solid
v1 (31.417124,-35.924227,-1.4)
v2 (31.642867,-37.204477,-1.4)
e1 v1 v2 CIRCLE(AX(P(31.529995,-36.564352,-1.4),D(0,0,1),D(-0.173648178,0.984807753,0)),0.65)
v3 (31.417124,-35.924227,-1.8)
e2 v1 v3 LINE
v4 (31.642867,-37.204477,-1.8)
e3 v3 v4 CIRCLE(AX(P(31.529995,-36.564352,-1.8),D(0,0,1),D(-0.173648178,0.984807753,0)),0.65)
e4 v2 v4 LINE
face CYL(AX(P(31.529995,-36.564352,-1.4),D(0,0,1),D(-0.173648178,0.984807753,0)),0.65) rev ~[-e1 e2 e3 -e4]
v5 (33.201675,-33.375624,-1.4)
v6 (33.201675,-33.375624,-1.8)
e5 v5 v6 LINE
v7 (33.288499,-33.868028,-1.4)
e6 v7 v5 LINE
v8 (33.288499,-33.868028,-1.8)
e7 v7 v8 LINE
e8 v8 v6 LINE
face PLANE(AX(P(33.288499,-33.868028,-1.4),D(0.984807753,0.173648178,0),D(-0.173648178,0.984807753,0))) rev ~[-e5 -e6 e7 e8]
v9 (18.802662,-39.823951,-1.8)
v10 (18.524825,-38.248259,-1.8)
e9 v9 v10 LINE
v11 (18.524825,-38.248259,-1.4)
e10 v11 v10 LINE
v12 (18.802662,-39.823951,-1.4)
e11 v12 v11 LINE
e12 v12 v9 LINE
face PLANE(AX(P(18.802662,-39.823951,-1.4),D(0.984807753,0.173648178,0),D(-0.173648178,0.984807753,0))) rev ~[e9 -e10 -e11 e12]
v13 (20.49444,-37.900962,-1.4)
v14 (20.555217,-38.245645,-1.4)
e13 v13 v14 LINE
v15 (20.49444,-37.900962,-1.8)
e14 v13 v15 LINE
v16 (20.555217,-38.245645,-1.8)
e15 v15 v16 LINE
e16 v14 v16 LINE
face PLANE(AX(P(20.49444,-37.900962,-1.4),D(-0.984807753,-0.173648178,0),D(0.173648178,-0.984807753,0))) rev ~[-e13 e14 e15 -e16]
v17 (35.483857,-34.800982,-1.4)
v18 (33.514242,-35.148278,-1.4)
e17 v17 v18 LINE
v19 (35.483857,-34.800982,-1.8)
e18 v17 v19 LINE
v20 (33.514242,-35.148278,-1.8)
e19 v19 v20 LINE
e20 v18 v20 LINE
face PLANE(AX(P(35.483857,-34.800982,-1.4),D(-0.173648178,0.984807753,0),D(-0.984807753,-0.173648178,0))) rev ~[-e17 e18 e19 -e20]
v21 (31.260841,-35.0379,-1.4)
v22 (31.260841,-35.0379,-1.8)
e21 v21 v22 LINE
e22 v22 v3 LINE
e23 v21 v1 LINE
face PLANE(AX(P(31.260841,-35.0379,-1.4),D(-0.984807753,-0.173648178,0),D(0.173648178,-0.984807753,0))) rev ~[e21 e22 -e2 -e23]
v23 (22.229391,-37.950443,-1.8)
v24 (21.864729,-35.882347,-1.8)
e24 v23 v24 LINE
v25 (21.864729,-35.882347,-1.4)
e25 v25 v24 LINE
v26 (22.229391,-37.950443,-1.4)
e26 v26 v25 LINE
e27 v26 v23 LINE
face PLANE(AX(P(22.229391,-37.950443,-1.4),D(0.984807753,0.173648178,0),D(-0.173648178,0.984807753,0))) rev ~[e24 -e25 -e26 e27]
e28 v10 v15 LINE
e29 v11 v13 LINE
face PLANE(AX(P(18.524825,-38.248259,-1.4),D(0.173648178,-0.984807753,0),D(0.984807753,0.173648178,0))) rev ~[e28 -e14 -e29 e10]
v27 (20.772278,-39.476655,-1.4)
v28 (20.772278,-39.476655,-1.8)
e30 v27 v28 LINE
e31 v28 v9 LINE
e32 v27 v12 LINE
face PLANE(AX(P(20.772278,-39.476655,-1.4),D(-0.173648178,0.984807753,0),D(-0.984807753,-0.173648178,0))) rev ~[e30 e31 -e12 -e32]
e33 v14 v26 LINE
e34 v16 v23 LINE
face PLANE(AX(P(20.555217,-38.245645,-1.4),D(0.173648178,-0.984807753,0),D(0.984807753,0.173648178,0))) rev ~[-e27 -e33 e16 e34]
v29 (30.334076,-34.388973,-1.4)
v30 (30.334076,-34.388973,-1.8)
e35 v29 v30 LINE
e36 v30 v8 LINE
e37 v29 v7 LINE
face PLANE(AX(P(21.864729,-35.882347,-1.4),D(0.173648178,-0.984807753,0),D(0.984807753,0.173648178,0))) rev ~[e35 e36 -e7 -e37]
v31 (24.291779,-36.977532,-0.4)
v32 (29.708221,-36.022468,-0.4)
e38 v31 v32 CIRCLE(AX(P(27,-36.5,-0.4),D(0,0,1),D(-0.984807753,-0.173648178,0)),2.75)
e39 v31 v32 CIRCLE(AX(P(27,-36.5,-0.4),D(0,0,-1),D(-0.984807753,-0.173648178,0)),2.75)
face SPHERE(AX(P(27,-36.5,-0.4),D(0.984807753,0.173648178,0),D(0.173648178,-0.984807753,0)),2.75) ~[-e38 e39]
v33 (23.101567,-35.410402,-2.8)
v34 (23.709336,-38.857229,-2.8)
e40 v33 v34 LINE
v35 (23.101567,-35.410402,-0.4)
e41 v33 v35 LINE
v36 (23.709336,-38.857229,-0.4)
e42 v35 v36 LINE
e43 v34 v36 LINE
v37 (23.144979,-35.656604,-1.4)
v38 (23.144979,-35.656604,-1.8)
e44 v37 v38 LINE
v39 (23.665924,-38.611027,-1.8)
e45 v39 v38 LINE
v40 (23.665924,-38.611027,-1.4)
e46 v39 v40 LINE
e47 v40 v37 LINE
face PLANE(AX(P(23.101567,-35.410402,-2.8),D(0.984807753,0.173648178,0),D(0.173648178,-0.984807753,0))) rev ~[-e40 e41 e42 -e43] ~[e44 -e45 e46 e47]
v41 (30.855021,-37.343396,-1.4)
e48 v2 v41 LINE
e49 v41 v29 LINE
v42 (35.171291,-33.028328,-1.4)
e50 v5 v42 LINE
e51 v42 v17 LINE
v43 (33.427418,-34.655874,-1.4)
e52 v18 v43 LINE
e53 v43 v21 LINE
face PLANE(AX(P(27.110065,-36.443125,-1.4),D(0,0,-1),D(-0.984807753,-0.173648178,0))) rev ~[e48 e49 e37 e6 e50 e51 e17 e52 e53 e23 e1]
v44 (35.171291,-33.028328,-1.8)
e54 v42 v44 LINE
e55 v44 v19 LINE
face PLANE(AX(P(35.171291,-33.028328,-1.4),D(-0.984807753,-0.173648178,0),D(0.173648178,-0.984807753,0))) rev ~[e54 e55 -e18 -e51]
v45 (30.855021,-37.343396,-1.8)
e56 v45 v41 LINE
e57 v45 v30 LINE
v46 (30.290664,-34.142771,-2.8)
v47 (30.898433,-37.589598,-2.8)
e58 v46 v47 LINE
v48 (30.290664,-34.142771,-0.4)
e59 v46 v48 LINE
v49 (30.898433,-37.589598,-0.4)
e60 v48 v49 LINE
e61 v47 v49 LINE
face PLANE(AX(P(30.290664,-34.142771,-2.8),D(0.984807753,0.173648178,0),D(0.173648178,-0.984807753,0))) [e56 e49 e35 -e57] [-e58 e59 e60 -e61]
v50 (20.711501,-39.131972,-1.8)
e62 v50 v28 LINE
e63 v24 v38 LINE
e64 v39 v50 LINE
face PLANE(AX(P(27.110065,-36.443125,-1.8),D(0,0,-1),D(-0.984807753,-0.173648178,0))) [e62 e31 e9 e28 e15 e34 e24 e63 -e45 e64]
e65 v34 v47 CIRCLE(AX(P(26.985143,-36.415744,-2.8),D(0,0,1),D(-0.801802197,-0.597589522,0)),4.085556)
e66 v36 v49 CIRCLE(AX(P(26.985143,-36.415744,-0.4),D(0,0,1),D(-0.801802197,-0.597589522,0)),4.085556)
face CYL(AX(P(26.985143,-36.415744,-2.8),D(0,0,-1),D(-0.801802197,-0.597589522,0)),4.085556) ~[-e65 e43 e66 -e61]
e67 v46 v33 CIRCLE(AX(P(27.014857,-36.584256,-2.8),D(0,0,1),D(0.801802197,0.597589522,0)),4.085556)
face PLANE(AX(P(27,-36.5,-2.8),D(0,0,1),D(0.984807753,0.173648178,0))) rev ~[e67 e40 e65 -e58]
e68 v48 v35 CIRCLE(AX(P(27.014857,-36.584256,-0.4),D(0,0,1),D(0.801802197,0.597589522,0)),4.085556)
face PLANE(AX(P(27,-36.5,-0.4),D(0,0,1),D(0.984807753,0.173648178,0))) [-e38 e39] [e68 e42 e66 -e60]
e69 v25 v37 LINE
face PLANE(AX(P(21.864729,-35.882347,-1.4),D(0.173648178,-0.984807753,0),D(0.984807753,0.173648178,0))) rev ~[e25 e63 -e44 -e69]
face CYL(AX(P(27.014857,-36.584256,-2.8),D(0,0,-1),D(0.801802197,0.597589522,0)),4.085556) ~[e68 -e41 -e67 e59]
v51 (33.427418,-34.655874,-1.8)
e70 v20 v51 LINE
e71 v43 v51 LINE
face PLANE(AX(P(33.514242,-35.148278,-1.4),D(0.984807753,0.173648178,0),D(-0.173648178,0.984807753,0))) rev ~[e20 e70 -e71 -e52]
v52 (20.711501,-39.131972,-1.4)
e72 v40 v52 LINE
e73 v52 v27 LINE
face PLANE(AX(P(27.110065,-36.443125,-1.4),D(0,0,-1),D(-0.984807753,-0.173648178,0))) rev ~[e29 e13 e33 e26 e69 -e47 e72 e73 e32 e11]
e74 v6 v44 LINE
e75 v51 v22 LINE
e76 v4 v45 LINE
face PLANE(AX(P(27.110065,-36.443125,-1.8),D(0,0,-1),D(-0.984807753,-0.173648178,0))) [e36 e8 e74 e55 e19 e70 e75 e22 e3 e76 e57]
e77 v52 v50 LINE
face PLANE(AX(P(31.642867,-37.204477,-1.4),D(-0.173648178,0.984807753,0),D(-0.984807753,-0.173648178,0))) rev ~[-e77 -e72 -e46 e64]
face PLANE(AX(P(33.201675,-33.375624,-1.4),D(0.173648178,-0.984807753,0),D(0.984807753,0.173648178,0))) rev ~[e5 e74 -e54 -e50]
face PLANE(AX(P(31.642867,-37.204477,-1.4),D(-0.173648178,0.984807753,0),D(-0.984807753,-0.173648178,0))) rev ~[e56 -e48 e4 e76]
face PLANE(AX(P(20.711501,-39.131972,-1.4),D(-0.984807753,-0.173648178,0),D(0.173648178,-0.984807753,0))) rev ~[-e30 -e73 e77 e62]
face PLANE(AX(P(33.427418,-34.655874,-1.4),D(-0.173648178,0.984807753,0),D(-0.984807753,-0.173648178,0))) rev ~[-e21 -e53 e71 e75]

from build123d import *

# Parameters (mm, degrees)
REVOLUTION003_ANGLE       = -180
PAD019_DEPTH              = 0.4
BODY018_PLACEMENT_ANGLE   = 180
PAD018_DEPTH              = 2.4
FUSION004_PLACEMENT_ANGLE = 10


with BuildPart() as light003:
    # Sketch030 (on Face1 of ShapeBinder007) → Revolution003 (revolve)
    with BuildSketch(Plane.XY.offset(2.4)):
        with BuildLine():
            ThreePointArc((-2.75, 0), (0, -2.75), (2.75, 0))
            Line((-2.75, 0), (2.75, 0))
        make_face()
    revolve(axis=Axis((-2.75, 0, 2.4), (1, 0, 0)), revolution_arc=REVOLUTION003_ANGLE)


with BuildPart() as body018:
    # Sketch031 (on Face1 of ShapeBinder008) → Pad019 (new body)
    with BuildSketch(Plane(origin=(0, 0, 0), x_dir=(1, 0, 0), z_dir=(0, 0, -1))):
        with BuildLine():
            Line((3.65, 1.5), (6.65, 1.5))
            Line((6.65, 1.5), (6.65, 2))
            Line((6.65, 2), (8.65, 2))
            Line((8.65, 2), (8.65, 0.2))
            Line((8.65, 0.2), (6.65, 0.2))
            Line((6.65, 0.2), (6.65, 0.7))
            Line((6.65, 0.7), (4.45, 0.7))
            Line((4.45, 0.7), (4.45, -0.2))
            ThreePointArc((4.45, -0.2), (3.8, -0.85), (4.45, -1.5))
            Line((4.45, -1.5), (-6.65, -1.5))
            Line((-6.65, -1.5), (-6.65, -1.85))
            Line((-6.65, -1.85), (-8.65, -1.85))
            Line((-8.65, -1.85), (-8.65, -0.25))
            Line((-8.65, -0.25), (-6.65, -0.25))
            Line((-6.65, -0.25), (-6.65, -0.6))
            Line((-6.65, -0.6), (-4.95, -0.6))
            Line((-4.95, -0.6), (-4.95, 1.5))
            Line((-4.95, 1.5), (3.65, 1.5))
        make_face()
    extrude(amount=-PAD019_DEPTH)


with BuildPart() as body018_1:
    # Body018 placement: moved
    add(body018.part.moved(Location((0, 0, 1.4))).rotate(Axis((0, 0, 1.4), (1, 0, 0)), BODY018_PLACEMENT_ANGLE))


with BuildPart() as led4:
    # Sketch029 → Pad018 (new body)
    with BuildSketch(Plane.XY):
        with BuildLine():
            Line((-3.65, 1.75), (-3.65, -1.75))
            ThreePointArc((-3.65, -1.75), (0, -4), (3.65, -1.75))
            Line((3.65, 1.75), (3.65, -1.75))
            ThreePointArc((3.65, 1.75), (0, 4), (-3.65, 1.75))
        make_face()
    extrude(amount=PAD018_DEPTH)

    # Fusion004: union light003, Body018
    add(light003.part)
    add(body018_1.part)


with BuildPart() as led4_1:
    # Fusion004 placement: moved
    add(led4.part.moved(Location((27, -36.5, -2.8))).rotate(Axis((27, -36.5, -2.8), (0, 0, 1)), FUSION004_PLACEMENT_ANGLE))


solid = led4_1.part
